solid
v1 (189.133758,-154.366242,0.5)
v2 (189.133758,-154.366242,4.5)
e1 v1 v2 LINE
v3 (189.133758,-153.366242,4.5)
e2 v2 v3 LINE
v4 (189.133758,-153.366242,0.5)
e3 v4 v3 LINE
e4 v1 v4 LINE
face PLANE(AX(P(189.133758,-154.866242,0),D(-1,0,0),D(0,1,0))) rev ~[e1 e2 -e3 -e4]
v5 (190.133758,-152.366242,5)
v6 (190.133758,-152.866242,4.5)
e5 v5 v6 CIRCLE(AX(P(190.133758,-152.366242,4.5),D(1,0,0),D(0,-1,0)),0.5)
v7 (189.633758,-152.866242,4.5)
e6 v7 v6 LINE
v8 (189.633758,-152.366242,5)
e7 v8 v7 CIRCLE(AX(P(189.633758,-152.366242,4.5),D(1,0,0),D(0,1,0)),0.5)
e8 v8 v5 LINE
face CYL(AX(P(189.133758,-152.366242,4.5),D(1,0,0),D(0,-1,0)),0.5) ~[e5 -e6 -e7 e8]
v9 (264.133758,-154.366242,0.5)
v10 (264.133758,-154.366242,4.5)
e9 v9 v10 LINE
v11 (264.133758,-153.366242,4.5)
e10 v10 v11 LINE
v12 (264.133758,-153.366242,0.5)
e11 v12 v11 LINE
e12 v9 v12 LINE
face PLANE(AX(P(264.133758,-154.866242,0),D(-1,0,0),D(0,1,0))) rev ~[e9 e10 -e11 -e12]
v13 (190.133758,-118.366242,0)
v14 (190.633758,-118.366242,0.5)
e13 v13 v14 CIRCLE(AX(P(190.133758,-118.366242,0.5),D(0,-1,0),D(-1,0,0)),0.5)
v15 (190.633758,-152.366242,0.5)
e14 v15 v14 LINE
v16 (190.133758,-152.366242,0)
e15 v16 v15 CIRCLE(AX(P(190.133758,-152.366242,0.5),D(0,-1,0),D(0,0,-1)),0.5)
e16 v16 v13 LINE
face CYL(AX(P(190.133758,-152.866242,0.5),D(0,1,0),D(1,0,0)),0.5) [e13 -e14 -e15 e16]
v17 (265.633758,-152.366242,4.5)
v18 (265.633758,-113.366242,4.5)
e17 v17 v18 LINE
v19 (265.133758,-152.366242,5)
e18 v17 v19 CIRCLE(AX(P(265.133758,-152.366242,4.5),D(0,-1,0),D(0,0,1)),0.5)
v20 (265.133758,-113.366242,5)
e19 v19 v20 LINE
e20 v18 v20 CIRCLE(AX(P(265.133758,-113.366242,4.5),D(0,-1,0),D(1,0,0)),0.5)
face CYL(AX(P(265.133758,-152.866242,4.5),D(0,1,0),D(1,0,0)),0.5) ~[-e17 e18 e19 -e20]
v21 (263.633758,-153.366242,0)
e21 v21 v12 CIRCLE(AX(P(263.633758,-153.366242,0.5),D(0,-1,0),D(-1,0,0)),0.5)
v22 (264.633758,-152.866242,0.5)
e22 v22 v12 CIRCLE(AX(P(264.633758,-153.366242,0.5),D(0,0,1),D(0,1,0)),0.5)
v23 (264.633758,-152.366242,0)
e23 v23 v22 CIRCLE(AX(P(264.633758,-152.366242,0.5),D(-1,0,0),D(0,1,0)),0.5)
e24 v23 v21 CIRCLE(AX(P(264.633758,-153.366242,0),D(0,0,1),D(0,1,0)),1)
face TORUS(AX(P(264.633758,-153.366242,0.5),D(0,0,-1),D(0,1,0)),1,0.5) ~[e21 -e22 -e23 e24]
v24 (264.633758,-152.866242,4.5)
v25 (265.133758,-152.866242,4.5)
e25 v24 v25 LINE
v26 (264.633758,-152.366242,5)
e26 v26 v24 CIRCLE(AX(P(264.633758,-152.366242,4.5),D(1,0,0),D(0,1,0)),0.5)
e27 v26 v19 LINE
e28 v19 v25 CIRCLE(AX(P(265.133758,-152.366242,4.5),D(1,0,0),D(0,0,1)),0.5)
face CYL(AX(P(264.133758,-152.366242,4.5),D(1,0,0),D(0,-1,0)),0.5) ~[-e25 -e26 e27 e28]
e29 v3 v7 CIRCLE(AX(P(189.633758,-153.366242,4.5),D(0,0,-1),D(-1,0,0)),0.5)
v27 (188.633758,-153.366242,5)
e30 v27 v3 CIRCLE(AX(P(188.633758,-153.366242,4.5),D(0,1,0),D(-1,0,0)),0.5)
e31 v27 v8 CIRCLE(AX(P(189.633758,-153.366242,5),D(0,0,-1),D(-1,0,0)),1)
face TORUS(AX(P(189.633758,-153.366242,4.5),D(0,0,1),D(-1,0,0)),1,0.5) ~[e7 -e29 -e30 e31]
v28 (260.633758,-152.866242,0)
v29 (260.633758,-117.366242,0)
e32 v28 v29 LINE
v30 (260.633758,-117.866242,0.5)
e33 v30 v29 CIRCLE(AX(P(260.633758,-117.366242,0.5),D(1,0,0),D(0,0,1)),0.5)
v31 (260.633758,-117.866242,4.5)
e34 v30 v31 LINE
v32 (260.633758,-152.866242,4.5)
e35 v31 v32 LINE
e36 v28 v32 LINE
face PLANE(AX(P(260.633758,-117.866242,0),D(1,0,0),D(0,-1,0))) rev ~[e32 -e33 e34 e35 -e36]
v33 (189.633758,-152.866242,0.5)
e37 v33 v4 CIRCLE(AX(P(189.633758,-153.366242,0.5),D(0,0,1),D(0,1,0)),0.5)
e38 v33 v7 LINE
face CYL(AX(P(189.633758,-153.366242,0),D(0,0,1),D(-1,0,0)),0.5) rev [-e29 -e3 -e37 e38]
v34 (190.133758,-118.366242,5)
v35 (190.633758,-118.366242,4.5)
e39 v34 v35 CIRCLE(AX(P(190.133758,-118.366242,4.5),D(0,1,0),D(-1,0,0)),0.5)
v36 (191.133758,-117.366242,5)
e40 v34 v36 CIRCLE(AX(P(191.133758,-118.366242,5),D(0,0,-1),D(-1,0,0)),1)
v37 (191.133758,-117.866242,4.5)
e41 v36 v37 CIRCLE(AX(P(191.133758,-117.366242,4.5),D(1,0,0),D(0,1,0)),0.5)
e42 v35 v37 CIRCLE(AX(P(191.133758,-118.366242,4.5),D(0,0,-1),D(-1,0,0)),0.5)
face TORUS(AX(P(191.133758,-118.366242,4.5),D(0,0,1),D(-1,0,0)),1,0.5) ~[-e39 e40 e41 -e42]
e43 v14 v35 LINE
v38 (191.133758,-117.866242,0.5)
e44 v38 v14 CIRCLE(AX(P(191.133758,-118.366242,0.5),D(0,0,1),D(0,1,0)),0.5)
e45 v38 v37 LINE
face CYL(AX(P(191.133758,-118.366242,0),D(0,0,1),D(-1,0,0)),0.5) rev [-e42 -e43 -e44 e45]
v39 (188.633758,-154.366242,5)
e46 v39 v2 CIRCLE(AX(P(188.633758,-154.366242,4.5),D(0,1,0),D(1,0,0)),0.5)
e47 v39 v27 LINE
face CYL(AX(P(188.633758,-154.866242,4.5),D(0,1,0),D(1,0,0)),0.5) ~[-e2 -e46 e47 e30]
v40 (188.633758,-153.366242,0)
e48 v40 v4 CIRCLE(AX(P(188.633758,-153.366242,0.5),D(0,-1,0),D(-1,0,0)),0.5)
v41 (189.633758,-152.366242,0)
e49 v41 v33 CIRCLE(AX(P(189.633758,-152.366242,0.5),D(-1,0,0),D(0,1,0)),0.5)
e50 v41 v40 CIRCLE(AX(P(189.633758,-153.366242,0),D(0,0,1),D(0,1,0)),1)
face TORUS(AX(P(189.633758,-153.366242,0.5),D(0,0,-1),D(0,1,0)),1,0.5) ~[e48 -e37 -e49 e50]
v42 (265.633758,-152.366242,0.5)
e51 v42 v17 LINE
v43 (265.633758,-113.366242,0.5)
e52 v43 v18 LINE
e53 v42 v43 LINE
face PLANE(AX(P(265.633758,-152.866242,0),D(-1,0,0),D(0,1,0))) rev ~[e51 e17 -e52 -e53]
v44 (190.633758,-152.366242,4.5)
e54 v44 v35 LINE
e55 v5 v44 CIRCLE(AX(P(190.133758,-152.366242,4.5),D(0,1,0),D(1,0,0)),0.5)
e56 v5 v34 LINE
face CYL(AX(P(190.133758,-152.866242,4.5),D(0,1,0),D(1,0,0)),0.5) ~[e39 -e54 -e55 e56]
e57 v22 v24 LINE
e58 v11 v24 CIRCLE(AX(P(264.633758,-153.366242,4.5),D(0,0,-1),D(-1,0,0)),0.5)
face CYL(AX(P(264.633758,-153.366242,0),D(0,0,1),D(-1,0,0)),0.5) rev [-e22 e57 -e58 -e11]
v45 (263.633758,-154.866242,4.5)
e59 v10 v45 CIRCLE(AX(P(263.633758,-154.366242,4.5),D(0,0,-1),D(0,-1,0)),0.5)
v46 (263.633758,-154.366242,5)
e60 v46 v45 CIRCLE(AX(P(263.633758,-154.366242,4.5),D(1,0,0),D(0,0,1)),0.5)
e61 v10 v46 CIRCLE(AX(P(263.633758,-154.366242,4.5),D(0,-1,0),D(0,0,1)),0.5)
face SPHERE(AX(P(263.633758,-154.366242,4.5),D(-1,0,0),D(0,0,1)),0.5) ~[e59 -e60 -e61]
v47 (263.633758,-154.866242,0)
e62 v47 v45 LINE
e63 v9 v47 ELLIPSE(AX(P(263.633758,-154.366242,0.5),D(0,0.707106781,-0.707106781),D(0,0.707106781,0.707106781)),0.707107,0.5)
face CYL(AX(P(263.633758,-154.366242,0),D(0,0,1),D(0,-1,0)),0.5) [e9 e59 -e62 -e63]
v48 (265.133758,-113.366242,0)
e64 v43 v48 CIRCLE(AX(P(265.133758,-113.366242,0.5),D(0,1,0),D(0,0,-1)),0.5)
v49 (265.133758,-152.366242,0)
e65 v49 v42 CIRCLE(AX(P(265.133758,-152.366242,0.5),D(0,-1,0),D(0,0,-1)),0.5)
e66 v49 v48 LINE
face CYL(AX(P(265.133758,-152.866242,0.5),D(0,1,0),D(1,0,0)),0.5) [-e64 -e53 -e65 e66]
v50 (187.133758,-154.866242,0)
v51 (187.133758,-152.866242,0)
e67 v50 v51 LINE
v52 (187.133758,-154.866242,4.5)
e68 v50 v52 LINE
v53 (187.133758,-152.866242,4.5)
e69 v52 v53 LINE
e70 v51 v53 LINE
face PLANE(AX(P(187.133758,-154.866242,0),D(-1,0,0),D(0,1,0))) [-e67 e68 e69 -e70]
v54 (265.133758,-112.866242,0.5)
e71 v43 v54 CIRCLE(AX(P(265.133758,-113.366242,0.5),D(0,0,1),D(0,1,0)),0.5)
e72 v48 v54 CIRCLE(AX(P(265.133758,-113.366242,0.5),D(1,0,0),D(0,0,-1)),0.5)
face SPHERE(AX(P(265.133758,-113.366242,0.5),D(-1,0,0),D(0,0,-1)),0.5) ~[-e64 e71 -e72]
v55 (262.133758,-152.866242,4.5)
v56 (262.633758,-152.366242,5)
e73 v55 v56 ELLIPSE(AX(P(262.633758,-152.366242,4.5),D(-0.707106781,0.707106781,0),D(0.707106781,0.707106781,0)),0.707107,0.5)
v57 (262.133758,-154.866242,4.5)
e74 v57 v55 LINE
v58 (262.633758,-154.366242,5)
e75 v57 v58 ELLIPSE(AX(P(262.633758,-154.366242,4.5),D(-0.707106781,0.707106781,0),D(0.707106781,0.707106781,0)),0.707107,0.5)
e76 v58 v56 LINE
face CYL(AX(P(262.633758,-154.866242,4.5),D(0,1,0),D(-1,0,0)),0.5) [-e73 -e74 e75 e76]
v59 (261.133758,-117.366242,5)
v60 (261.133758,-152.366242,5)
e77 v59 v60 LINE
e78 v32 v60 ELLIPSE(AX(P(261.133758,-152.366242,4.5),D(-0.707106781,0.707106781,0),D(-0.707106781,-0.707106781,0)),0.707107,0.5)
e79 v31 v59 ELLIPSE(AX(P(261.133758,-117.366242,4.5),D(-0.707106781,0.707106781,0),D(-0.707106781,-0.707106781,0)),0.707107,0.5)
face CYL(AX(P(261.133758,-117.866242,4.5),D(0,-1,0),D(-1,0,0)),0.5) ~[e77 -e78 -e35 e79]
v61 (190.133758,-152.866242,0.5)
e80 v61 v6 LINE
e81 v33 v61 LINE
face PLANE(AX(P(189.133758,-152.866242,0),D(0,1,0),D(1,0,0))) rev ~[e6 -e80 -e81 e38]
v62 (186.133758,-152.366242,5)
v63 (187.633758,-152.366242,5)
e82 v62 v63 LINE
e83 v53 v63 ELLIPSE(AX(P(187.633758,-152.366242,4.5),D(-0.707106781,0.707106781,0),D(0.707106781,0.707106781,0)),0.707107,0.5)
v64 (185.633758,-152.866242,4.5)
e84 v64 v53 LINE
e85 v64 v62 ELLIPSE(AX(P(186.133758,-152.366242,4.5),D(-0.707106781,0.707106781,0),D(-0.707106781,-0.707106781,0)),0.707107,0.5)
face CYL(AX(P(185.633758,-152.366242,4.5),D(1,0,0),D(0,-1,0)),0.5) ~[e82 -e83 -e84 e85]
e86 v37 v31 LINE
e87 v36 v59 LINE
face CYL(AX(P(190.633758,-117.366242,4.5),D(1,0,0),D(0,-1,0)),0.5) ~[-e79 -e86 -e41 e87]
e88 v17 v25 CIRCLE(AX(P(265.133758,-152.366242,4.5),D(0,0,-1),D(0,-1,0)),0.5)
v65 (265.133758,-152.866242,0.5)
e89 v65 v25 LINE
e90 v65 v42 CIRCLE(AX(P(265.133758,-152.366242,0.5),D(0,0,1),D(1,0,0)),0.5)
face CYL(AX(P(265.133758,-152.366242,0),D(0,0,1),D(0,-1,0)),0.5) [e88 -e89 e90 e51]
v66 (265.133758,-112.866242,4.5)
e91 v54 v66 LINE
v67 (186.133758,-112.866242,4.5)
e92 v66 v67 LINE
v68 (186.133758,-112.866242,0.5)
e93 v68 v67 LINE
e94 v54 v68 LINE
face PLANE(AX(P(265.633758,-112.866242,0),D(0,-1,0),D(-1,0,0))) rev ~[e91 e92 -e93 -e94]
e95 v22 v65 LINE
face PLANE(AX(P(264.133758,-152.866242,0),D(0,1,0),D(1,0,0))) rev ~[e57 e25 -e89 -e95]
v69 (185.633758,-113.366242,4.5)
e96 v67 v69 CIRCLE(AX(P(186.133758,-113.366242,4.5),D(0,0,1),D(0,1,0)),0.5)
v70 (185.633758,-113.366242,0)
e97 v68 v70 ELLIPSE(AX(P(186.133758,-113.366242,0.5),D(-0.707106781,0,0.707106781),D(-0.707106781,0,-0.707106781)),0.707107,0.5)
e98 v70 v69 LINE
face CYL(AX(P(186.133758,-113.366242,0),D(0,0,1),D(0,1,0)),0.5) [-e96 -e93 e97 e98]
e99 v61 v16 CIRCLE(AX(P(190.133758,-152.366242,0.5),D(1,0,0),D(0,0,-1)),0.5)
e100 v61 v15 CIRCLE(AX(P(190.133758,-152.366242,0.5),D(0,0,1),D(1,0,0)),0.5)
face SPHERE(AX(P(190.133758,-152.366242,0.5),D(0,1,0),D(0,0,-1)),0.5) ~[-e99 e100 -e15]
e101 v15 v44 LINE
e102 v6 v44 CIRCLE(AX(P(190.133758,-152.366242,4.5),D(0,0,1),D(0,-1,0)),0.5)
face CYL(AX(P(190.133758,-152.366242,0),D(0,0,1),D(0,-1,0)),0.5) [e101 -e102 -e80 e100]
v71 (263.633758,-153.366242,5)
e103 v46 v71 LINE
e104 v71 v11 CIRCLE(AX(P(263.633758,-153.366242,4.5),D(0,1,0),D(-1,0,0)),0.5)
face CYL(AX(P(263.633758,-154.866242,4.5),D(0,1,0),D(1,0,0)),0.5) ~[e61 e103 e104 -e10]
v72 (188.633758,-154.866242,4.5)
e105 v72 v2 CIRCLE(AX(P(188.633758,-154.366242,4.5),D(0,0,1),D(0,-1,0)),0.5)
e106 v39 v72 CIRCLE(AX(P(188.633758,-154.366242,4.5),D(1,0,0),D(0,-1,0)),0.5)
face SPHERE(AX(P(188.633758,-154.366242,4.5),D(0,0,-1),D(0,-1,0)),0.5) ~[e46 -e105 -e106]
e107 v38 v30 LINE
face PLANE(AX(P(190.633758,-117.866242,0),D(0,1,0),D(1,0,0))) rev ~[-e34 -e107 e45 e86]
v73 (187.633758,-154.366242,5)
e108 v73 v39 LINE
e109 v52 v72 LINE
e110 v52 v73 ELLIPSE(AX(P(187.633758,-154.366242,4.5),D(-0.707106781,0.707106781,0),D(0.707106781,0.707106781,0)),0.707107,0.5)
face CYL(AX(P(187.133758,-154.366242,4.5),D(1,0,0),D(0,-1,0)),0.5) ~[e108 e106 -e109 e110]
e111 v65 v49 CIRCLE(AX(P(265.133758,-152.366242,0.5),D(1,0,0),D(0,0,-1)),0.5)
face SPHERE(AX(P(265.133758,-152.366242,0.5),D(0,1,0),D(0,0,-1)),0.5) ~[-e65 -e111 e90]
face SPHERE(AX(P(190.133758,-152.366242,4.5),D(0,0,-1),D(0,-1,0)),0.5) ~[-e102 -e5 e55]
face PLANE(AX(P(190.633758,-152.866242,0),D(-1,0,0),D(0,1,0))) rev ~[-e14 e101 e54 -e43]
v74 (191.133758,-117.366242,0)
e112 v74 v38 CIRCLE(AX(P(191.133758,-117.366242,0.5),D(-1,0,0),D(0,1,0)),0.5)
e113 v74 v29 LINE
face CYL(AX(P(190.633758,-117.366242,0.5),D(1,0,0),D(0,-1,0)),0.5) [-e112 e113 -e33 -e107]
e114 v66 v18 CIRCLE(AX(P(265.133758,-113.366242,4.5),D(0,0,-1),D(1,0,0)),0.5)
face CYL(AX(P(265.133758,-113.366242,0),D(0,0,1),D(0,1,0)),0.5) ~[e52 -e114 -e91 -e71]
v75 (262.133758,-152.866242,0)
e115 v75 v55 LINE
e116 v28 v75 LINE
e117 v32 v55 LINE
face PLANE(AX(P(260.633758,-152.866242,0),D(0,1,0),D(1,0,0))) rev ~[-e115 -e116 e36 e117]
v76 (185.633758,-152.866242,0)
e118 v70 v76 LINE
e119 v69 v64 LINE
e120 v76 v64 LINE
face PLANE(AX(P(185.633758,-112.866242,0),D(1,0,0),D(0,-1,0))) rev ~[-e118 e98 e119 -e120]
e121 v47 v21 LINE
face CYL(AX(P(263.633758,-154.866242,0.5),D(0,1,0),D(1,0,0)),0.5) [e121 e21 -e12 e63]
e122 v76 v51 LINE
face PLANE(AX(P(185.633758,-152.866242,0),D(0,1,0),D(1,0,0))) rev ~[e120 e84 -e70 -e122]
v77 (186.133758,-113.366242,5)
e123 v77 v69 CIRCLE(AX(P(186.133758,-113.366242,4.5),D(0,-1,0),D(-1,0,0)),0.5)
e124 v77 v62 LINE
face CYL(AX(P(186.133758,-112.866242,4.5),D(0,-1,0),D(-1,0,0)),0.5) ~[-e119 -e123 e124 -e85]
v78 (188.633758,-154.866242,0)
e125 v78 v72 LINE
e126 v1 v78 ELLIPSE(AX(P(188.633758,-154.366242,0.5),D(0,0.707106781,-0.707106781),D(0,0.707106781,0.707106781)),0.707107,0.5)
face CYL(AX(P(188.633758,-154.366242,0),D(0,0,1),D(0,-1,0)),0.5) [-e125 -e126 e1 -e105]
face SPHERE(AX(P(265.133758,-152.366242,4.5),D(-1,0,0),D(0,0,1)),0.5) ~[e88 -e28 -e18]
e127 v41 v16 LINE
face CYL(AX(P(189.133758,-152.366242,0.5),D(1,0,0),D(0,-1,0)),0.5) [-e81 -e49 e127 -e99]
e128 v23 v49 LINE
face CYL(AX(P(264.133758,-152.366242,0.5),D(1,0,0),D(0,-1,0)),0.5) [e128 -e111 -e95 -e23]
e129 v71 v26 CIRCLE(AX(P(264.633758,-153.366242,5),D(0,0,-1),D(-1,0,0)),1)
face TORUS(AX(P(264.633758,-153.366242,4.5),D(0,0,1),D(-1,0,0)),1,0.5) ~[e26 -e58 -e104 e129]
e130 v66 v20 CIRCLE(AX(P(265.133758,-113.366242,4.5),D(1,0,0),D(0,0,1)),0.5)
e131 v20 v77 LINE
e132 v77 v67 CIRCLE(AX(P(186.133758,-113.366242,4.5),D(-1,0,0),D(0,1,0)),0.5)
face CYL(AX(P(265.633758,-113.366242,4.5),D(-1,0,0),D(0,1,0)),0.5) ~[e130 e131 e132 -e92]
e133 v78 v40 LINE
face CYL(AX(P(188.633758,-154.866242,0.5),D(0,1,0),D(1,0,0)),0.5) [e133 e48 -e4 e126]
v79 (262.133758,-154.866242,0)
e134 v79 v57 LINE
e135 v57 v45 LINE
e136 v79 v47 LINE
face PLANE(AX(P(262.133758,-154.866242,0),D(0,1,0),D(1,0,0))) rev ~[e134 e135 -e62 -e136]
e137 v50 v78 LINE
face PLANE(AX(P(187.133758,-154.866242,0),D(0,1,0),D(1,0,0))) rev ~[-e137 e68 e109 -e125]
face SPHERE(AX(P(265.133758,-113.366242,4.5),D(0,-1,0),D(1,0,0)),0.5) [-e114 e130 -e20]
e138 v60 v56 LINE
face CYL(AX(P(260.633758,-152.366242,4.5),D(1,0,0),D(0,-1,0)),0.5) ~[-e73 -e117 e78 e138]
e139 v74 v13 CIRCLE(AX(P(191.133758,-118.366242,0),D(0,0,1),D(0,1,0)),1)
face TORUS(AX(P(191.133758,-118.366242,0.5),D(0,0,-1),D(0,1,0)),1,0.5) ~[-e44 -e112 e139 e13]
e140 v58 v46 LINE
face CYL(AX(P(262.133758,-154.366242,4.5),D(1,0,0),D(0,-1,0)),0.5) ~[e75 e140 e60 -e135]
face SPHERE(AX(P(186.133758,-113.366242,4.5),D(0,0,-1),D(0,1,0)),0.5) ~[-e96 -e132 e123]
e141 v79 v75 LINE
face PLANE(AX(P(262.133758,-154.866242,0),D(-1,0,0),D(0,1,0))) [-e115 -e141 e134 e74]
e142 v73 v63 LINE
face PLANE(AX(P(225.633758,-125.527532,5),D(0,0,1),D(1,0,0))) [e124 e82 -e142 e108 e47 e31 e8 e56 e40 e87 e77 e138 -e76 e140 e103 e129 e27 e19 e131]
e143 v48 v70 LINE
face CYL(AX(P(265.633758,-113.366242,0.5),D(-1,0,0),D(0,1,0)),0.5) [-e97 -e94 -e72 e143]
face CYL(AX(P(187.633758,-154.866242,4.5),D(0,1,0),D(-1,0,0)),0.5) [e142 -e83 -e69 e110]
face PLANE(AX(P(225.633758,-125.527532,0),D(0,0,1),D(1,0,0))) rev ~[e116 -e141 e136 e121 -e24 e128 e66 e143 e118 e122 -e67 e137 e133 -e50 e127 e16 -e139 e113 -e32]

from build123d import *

# Parameters (mm, degrees)
SKETCH1_W           = 2
SKETCH1_H           = 2
BOSS_EXTRUDE1_DEPTH = 5
FILLET1_R           = 0.5


with BuildPart() as part:
    # Sketch1 → Boss-Extrude1 (new body)
    with BuildSketch(Plane.XY):
        Polygon((265.633757962, -112.866242038), (185.633757962, -112.866242038), (185.633757962, -152.866242038), (187.133757962, -152.866242038), (189.133757962, -152.866242038), (190.633757962, -152.866242038), (190.633757962, -117.866242038), (260.633757962, -117.866242038), (260.633757962, -152.866242038), (262.133757962, -152.866242038), (264.133757962, -152.866242038), (265.633757962, -152.866242038), align=None)
        with Locations((188.133757962, -153.866242038)):
            Rectangle(SKETCH1_W, SKETCH1_H)
        with Locations((263.133757962, -153.866242038)):
            Rectangle(SKETCH1_W, SKETCH1_H)
    extrude(amount=BOSS_EXTRUDE1_DEPTH)

    # Fillet1
    fillet1_edges = [part.edges().sort_by_distance(p)[0] for p in [
        (262.133757962, -153.866242038, 5),
        (225.633757962, -117.866242038, 0),
        (190.633757962, -135.366242038, 0),
        (263.133757962, -154.866242038, 5),
        (189.883757962, -152.866242038, 0),
        (189.133757962, -153.866242038, 0),
        (225.633757962, -112.866242038, 0),
        (265.633757962, -132.866242038, 0),
        (264.133757962, -153.866242038, 5),
        (264.883757962, -152.866242038, 0),
        (264.133757962, -153.866242038, 0),
        (264.883757962, -152.866242038, 5),
        (265.633757962, -132.866242038, 5),
        (190.633757962, -117.866242038, 2.5),
        (190.633757962, -152.866242038, 2.5),
        (189.133757962, -152.866242038, 2.5),
        (189.133757962, -154.866242038, 2.5),
        (185.633757962, -112.866242038, 2.5),
        (265.633757962, -112.866242038, 2.5),
        (265.633757962, -152.866242038, 2.5),
        (264.133757962, -152.866242038, 2.5),
        (264.133757962, -154.866242038, 2.5),
        (225.633757962, -112.866242038, 5),
        (185.633757962, -132.866242038, 5),
        (260.633757962, -135.366242038, 5),
        (186.383757962, -152.866242038, 5),
        (187.133757962, -153.866242038, 5),
        (188.133757962, -154.866242038, 5),
        (189.133757962, -153.866242038, 5),
        (189.883757962, -152.866242038, 5),
        (190.633757962, -135.366242038, 5),
        (225.633757962, -117.866242038, 5),
        (261.383757962, -152.866242038, 5),
    ]]
    fillet(fillet1_edges, radius=FILLET1_R)


solid = part.part
